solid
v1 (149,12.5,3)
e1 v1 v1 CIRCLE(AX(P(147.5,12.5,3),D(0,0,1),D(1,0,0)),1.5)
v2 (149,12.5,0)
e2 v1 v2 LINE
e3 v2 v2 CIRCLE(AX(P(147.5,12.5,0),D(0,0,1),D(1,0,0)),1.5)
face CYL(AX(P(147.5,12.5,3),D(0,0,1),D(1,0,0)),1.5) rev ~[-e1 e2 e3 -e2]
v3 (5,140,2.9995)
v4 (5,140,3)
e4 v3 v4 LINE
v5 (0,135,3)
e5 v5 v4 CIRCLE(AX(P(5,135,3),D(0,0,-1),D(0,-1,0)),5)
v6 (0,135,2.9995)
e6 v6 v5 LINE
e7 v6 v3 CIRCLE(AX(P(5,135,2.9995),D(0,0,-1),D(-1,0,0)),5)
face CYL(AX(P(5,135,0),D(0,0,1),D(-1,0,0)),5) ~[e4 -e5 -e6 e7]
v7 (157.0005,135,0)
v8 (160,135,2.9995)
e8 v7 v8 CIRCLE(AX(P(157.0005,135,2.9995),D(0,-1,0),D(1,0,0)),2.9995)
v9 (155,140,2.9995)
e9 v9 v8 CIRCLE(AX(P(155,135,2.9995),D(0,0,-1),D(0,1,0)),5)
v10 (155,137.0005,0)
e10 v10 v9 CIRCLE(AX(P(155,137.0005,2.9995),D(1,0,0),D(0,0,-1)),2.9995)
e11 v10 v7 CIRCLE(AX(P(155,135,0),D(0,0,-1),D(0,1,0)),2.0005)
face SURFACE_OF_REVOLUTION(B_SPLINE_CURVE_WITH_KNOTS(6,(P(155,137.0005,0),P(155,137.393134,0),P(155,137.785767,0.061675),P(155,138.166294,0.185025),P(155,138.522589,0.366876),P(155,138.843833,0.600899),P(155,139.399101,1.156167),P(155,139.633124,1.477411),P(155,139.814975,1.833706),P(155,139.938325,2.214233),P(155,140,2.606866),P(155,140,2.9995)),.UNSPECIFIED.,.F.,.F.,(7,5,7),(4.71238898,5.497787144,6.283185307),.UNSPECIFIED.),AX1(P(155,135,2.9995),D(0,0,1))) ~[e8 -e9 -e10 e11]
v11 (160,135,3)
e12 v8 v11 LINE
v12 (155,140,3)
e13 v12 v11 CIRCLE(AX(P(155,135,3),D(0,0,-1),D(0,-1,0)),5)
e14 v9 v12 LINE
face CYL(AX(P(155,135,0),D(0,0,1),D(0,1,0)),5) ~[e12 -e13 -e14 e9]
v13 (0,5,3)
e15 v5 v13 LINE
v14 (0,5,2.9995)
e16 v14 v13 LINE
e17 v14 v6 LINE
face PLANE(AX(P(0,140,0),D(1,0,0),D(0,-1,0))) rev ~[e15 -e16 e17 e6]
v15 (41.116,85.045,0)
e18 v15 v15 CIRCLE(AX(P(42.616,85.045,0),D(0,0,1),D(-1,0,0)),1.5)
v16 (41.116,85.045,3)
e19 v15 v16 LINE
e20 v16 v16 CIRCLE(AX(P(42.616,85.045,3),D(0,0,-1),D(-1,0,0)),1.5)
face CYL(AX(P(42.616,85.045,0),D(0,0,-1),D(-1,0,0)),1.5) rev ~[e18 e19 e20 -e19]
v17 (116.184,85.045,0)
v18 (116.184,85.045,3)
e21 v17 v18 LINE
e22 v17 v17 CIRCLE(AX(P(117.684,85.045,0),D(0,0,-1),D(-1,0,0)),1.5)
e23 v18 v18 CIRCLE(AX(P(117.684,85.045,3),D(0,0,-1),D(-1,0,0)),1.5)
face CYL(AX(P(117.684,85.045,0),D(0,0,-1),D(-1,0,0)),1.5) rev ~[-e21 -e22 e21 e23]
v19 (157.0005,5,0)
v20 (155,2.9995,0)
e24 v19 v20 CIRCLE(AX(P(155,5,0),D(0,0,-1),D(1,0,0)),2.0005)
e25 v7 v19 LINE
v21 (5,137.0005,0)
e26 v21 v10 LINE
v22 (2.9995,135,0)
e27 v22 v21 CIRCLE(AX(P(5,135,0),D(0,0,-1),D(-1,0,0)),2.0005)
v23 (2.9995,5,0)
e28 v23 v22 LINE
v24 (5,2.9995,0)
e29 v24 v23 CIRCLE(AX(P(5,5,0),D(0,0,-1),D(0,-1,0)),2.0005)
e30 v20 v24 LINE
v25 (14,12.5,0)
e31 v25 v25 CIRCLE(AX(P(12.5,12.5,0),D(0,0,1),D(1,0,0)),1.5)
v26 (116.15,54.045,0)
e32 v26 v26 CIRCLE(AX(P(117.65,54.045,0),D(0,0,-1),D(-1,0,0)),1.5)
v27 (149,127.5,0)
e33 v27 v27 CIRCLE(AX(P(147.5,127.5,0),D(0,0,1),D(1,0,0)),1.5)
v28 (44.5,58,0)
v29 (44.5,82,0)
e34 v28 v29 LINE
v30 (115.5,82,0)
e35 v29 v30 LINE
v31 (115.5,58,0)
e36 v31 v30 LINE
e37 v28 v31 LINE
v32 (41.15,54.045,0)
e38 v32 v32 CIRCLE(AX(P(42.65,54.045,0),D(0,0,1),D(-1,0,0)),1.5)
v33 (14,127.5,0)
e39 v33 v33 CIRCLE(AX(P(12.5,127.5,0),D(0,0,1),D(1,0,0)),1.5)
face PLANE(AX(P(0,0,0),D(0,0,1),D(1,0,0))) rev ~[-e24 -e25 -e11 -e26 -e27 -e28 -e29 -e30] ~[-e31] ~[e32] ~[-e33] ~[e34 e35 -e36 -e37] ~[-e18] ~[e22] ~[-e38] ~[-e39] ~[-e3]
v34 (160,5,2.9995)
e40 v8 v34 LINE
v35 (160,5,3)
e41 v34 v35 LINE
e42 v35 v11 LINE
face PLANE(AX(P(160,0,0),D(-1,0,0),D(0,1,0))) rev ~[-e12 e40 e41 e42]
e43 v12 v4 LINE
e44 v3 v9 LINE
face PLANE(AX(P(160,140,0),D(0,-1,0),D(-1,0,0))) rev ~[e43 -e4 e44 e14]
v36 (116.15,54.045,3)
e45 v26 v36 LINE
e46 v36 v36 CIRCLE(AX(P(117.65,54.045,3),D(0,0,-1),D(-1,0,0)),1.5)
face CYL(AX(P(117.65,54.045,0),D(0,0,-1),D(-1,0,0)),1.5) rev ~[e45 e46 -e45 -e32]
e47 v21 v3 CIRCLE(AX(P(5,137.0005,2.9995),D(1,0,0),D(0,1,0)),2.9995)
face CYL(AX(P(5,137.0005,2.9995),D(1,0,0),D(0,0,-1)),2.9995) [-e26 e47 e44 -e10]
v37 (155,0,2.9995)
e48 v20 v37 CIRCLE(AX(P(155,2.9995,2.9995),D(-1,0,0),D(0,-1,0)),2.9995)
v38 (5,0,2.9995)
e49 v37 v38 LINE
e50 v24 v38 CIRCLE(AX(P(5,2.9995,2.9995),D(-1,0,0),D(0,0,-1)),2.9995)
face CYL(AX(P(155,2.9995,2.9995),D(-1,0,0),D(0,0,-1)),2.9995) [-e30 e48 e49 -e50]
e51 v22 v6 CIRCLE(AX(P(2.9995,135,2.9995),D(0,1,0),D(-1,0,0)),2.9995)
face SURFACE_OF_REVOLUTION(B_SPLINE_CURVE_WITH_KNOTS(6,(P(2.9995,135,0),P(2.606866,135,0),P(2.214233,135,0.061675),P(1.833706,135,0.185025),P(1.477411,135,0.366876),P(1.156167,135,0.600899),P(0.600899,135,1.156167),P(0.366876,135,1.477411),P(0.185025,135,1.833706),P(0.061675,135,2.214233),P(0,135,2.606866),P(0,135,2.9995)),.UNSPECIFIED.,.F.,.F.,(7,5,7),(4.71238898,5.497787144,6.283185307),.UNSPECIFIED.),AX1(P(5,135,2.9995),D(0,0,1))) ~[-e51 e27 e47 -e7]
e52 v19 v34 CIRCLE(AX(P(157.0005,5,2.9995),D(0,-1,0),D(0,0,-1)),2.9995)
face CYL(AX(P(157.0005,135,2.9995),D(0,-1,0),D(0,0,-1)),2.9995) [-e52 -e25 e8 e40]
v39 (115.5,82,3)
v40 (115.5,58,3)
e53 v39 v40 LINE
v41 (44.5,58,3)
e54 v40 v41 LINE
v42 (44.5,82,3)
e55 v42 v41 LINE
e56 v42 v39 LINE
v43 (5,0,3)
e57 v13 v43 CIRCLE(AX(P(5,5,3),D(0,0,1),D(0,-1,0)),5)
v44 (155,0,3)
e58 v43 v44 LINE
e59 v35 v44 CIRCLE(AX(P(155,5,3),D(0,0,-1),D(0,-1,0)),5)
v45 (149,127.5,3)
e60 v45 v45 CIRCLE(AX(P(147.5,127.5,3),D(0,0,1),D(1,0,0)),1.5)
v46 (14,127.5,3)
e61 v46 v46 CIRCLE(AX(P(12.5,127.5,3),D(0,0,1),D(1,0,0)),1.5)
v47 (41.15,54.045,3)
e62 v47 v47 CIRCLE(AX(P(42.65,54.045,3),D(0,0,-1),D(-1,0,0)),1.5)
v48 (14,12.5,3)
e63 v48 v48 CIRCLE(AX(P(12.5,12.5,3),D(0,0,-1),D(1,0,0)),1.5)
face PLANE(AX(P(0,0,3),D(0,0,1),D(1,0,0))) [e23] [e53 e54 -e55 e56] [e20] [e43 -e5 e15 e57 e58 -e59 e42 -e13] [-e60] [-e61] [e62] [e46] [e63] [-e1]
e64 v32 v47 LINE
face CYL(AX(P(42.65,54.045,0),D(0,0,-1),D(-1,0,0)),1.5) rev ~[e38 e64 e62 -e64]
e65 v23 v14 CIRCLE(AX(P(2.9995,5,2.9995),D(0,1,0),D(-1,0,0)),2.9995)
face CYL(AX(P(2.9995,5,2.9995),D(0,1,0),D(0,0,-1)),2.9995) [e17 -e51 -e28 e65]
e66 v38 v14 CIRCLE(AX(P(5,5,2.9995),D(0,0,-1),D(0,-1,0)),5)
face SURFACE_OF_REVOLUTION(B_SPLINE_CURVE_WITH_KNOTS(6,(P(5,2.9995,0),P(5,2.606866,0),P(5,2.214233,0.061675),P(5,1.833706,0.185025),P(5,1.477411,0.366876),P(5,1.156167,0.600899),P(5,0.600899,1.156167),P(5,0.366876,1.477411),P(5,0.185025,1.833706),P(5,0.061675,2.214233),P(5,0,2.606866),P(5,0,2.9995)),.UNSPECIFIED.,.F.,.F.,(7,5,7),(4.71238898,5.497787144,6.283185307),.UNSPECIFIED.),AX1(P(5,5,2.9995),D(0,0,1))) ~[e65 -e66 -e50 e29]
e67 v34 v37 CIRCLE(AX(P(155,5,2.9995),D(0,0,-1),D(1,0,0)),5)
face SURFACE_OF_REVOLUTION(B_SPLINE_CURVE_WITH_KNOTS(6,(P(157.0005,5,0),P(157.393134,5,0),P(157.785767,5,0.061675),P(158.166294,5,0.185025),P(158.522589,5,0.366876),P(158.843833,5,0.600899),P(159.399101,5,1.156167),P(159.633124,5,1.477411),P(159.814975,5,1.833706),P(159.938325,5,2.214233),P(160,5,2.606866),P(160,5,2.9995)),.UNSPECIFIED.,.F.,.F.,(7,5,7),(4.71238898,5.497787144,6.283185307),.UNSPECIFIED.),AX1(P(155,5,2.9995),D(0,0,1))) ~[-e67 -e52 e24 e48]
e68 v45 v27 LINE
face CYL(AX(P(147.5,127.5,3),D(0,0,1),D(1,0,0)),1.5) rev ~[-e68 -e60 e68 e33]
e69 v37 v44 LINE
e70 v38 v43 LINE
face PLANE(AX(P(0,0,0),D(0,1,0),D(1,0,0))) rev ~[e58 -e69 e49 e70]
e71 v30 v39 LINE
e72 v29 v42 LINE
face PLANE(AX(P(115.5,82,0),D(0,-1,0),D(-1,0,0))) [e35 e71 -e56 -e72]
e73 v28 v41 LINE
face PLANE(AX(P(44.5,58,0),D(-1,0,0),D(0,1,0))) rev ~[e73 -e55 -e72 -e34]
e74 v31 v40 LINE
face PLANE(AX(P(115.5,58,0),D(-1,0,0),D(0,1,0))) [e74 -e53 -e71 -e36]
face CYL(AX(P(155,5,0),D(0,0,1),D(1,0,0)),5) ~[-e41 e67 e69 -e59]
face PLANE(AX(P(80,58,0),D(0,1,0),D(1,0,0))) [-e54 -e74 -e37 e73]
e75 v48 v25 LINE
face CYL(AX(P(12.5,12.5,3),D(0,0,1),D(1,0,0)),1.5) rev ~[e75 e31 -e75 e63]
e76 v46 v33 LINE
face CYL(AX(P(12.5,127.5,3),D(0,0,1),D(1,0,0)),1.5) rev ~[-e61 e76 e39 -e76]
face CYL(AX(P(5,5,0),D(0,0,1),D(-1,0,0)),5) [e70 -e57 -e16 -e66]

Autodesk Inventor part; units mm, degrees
ref_plane "YZ Plane" through (0, 0, 0) normal (1, 0, 0) x (0, 1, 0)
ref_plane "XZ Plane" through (0, 0, 0) normal (0, 1, 0) x (-1, 0, 0)
ref_plane "XY Plane" through (0, 0, 0) normal (0, 0, 1) x (1, 0, 0)
sketch "Sketch1" plane through (0, 0, 0) normal (0, 0, 1) x (1, 0, 0)
  line L0 (0, 0) -> (160, 0)
  line L1 (160, 0) -> (160, 140)
  line L2 (160, 140) -> (0, 140)
  line L3 (0, 140) -> (0, 0)
  dimension "d0" = 160
  dimension "d1" = 140
extrude "Extrusion1" add sketch "Sketch1" along normal blind 3
fillet "Fillet1" radius 5 4 edges at (160, 140, 1.5) (0, 140, 1.5) (0, 0, 1.5) (160, 0, 1.5)
sketch "Sketch2" plane through (0, 0, 3) normal (0, 0, 1) x (1, 0, 0)
  arc A0 (155, 0) -> (160, 5) centre (155, 5) ccw projected
  line L0 (160, 5) -> (160, 135) projected
  arc A1 (160, 135) -> (155, 140) centre (155, 135) ccw projected
  line L1 (155, 140) -> (5, 140) projected
  arc A2 (5, 140) -> (0, 135) centre (5, 135) ccw projected
  line L2 (0, 135) -> (0, 5) projected
  arc A3 (0, 5) -> (5, 0) centre (5, 5) ccw projected
  line L3 (5, 0) -> (155, 0) projected
  line L4 (0, 0) -> (12.5, 0)
  line L5 (12.5, 0) -> (12.5, 12.5)
  line L6 (12.5, 12.5) -> (0, 12.5)
  line L7 (0, 12.5) -> (0, 0)
  circle A4 centre (12.5, 12.5) radius 1.5
  line L8 (80, 0) -> (80, 5)
  line L9 (0, 70) -> (5, 70)
  circle A5 centre (147.5, 12.5) radius 1.5
  circle A6 centre (12.5, 127.5) radius 1.5
  circle A7 centre (147.5, 127.5) radius 1.5
  dimension "d5" = 12.5
  dimension "d6" = 12.5
  dimension "d7" = 3
  dimension "d8" = 5
  dimension "d9" = 5
extrude "Extrusion2" cut sketch "Sketch2" against normal through all contours A4 L6 L5 | L5 L6 A4 | A5 | A6 | A7
fillet "Fillet2" radius 3 8 edges at (1.4645, 138.5355, 0) (0, 70, 0) (1.4645, 1.4645, 0) (80, 0, 0) (158.5355, 1.4645, 0) (160, 70, 0) (158.5355, 138.5355, 0) (80, 140, 0)
sketch "Sketch3" plane through (0, 0, 0) normal (0, 0, -1) x (-1, 0, 0)
  line L0 (-155, 140) -> (-5, 140) projected
  line L1 (-5, 0) -> (-155, 0) projected
  line L2 (-160, 5) -> (-160, 135) projected
  line L3 (0, 135) -> (0, 5) projected
  line L4 (-80, 0) -> (-80, 58)
  line L5 (-80, 58) -> (-115.5, 58)
  line L6 (-115.5, 58) -> (-115.5, 82)
  line L7 (-115.5, 82) -> (-80, 82)
  line L8 (-80, 82) -> (-80, 58)
  line L9 (-80, 58) -> (-44.5, 58)
  line L10 (-44.5, 58) -> (-44.5, 82)
  line L11 (-44.5, 82) -> (-80, 82)
  point P0 (0, 0)
  dimension "d13" = 58
  dimension "d14" = 35.5
  dimension "d15" = 24
extrude "Extrusion3" cut sketch "Sketch3" against normal blind 10
sketch "Sketch4" plane through (0, 0, 0) normal (0, 0, -1) x (-1, 0, 0)
  line L0 (-44.5, 58) -> (-115.5, 58) projected
  line L1 (-115.5, 58) -> (-115.5, 82) projected
  line L2 (-115.5, 82) -> (-44.5, 82) projected
  line L3 (-44.5, 82) -> (-44.5, 58) projected
  circle A0 centre (-12.5, 127.5) radius 1.5 projected
  circle A1 centre (-147.5, 12.5) radius 1.5 projected
  circle A2 centre (-147.5, 127.5) radius 1.5 projected
  circle A3 centre (-12.5, 12.5) radius 1.5 projected
  arc A4 (-3, 135) -> (-5, 137) centre (-5, 135) ccw projected
  line L4 (-155, 137) -> (-5, 137) projected
  arc A5 (-155, 137) -> (-157, 135) centre (-155, 135) ccw projected
  line L5 (-157, 5) -> (-157, 135) projected
  arc A6 (-157, 5) -> (-155, 3) centre (-155, 5) ccw projected
  line L6 (-5, 3) -> (-155, 3) projected
  arc A7 (-5, 3) -> (-3, 5) centre (-5, 5) ccw projected
  line L7 (-3, 135) -> (-3, 5) projected
  line L8 (-120.15, 87.8) -> (-40.15, 87.8)
  line L9 (-40.15, 51.8) -> (-120.15, 51.8)
  line L10 (-40.15, 51.8) -> (-40.15, 87.8)
  line L11 (-120.15, 51.8) -> (-120.15, 87.8)
  line L12 (-40.15, 51.8) -> (-42.65, 51.8)
  line L13 (-42.65, 51.8) -> (-42.65, 54.045)
  line L14 (-42.65, 54.045) -> (-40.15, 54.045)
  line L15 (-40.15, 54.045) -> (-40.15, 51.8)
  line L16 (-80.15, 51.8) -> (-80.15, 56.8)
  circle A8 centre (-42.65, 54.045) radius 1.5
  circle A9 centre (-117.65, 54.045) radius 1.5
  line L17 (-40.15, 87.8) -> (-42.616, 87.8)
  line L18 (-42.616, 87.8) -> (-42.616, 85.045)
  line L19 (-42.616, 85.045) -> (-40.15, 85.045)
  line L20 (-40.15, 85.045) -> (-40.15, 87.8)
  circle A10 centre (-42.616, 85.045) radius 1.5
  circle A11 centre (-117.684, 85.045) radius 1.5
  point P0 (0, 0)
  dimension "d18" = 5.8
  dimension "d19" = 6.2
  dimension "d20" = 4.35
  dimension "d21" = 4.65
  dimension "d22" = 2.5
  dimension "d23" = 2.245
  dimension "d24" = 5
  dimension "d25" = 3
  dimension "d26" = 2.466
  dimension "d27" = 2.755
  dimension "d28" = 3
extrude "Extrusion4" cut sketch "Sketch4" against normal blind 10 contours A10 L19 L18 | L18 L19 A10 | A8 L14 L13 | L13 L14 A8 | A9 | A11
properties part number "TutupBox"
